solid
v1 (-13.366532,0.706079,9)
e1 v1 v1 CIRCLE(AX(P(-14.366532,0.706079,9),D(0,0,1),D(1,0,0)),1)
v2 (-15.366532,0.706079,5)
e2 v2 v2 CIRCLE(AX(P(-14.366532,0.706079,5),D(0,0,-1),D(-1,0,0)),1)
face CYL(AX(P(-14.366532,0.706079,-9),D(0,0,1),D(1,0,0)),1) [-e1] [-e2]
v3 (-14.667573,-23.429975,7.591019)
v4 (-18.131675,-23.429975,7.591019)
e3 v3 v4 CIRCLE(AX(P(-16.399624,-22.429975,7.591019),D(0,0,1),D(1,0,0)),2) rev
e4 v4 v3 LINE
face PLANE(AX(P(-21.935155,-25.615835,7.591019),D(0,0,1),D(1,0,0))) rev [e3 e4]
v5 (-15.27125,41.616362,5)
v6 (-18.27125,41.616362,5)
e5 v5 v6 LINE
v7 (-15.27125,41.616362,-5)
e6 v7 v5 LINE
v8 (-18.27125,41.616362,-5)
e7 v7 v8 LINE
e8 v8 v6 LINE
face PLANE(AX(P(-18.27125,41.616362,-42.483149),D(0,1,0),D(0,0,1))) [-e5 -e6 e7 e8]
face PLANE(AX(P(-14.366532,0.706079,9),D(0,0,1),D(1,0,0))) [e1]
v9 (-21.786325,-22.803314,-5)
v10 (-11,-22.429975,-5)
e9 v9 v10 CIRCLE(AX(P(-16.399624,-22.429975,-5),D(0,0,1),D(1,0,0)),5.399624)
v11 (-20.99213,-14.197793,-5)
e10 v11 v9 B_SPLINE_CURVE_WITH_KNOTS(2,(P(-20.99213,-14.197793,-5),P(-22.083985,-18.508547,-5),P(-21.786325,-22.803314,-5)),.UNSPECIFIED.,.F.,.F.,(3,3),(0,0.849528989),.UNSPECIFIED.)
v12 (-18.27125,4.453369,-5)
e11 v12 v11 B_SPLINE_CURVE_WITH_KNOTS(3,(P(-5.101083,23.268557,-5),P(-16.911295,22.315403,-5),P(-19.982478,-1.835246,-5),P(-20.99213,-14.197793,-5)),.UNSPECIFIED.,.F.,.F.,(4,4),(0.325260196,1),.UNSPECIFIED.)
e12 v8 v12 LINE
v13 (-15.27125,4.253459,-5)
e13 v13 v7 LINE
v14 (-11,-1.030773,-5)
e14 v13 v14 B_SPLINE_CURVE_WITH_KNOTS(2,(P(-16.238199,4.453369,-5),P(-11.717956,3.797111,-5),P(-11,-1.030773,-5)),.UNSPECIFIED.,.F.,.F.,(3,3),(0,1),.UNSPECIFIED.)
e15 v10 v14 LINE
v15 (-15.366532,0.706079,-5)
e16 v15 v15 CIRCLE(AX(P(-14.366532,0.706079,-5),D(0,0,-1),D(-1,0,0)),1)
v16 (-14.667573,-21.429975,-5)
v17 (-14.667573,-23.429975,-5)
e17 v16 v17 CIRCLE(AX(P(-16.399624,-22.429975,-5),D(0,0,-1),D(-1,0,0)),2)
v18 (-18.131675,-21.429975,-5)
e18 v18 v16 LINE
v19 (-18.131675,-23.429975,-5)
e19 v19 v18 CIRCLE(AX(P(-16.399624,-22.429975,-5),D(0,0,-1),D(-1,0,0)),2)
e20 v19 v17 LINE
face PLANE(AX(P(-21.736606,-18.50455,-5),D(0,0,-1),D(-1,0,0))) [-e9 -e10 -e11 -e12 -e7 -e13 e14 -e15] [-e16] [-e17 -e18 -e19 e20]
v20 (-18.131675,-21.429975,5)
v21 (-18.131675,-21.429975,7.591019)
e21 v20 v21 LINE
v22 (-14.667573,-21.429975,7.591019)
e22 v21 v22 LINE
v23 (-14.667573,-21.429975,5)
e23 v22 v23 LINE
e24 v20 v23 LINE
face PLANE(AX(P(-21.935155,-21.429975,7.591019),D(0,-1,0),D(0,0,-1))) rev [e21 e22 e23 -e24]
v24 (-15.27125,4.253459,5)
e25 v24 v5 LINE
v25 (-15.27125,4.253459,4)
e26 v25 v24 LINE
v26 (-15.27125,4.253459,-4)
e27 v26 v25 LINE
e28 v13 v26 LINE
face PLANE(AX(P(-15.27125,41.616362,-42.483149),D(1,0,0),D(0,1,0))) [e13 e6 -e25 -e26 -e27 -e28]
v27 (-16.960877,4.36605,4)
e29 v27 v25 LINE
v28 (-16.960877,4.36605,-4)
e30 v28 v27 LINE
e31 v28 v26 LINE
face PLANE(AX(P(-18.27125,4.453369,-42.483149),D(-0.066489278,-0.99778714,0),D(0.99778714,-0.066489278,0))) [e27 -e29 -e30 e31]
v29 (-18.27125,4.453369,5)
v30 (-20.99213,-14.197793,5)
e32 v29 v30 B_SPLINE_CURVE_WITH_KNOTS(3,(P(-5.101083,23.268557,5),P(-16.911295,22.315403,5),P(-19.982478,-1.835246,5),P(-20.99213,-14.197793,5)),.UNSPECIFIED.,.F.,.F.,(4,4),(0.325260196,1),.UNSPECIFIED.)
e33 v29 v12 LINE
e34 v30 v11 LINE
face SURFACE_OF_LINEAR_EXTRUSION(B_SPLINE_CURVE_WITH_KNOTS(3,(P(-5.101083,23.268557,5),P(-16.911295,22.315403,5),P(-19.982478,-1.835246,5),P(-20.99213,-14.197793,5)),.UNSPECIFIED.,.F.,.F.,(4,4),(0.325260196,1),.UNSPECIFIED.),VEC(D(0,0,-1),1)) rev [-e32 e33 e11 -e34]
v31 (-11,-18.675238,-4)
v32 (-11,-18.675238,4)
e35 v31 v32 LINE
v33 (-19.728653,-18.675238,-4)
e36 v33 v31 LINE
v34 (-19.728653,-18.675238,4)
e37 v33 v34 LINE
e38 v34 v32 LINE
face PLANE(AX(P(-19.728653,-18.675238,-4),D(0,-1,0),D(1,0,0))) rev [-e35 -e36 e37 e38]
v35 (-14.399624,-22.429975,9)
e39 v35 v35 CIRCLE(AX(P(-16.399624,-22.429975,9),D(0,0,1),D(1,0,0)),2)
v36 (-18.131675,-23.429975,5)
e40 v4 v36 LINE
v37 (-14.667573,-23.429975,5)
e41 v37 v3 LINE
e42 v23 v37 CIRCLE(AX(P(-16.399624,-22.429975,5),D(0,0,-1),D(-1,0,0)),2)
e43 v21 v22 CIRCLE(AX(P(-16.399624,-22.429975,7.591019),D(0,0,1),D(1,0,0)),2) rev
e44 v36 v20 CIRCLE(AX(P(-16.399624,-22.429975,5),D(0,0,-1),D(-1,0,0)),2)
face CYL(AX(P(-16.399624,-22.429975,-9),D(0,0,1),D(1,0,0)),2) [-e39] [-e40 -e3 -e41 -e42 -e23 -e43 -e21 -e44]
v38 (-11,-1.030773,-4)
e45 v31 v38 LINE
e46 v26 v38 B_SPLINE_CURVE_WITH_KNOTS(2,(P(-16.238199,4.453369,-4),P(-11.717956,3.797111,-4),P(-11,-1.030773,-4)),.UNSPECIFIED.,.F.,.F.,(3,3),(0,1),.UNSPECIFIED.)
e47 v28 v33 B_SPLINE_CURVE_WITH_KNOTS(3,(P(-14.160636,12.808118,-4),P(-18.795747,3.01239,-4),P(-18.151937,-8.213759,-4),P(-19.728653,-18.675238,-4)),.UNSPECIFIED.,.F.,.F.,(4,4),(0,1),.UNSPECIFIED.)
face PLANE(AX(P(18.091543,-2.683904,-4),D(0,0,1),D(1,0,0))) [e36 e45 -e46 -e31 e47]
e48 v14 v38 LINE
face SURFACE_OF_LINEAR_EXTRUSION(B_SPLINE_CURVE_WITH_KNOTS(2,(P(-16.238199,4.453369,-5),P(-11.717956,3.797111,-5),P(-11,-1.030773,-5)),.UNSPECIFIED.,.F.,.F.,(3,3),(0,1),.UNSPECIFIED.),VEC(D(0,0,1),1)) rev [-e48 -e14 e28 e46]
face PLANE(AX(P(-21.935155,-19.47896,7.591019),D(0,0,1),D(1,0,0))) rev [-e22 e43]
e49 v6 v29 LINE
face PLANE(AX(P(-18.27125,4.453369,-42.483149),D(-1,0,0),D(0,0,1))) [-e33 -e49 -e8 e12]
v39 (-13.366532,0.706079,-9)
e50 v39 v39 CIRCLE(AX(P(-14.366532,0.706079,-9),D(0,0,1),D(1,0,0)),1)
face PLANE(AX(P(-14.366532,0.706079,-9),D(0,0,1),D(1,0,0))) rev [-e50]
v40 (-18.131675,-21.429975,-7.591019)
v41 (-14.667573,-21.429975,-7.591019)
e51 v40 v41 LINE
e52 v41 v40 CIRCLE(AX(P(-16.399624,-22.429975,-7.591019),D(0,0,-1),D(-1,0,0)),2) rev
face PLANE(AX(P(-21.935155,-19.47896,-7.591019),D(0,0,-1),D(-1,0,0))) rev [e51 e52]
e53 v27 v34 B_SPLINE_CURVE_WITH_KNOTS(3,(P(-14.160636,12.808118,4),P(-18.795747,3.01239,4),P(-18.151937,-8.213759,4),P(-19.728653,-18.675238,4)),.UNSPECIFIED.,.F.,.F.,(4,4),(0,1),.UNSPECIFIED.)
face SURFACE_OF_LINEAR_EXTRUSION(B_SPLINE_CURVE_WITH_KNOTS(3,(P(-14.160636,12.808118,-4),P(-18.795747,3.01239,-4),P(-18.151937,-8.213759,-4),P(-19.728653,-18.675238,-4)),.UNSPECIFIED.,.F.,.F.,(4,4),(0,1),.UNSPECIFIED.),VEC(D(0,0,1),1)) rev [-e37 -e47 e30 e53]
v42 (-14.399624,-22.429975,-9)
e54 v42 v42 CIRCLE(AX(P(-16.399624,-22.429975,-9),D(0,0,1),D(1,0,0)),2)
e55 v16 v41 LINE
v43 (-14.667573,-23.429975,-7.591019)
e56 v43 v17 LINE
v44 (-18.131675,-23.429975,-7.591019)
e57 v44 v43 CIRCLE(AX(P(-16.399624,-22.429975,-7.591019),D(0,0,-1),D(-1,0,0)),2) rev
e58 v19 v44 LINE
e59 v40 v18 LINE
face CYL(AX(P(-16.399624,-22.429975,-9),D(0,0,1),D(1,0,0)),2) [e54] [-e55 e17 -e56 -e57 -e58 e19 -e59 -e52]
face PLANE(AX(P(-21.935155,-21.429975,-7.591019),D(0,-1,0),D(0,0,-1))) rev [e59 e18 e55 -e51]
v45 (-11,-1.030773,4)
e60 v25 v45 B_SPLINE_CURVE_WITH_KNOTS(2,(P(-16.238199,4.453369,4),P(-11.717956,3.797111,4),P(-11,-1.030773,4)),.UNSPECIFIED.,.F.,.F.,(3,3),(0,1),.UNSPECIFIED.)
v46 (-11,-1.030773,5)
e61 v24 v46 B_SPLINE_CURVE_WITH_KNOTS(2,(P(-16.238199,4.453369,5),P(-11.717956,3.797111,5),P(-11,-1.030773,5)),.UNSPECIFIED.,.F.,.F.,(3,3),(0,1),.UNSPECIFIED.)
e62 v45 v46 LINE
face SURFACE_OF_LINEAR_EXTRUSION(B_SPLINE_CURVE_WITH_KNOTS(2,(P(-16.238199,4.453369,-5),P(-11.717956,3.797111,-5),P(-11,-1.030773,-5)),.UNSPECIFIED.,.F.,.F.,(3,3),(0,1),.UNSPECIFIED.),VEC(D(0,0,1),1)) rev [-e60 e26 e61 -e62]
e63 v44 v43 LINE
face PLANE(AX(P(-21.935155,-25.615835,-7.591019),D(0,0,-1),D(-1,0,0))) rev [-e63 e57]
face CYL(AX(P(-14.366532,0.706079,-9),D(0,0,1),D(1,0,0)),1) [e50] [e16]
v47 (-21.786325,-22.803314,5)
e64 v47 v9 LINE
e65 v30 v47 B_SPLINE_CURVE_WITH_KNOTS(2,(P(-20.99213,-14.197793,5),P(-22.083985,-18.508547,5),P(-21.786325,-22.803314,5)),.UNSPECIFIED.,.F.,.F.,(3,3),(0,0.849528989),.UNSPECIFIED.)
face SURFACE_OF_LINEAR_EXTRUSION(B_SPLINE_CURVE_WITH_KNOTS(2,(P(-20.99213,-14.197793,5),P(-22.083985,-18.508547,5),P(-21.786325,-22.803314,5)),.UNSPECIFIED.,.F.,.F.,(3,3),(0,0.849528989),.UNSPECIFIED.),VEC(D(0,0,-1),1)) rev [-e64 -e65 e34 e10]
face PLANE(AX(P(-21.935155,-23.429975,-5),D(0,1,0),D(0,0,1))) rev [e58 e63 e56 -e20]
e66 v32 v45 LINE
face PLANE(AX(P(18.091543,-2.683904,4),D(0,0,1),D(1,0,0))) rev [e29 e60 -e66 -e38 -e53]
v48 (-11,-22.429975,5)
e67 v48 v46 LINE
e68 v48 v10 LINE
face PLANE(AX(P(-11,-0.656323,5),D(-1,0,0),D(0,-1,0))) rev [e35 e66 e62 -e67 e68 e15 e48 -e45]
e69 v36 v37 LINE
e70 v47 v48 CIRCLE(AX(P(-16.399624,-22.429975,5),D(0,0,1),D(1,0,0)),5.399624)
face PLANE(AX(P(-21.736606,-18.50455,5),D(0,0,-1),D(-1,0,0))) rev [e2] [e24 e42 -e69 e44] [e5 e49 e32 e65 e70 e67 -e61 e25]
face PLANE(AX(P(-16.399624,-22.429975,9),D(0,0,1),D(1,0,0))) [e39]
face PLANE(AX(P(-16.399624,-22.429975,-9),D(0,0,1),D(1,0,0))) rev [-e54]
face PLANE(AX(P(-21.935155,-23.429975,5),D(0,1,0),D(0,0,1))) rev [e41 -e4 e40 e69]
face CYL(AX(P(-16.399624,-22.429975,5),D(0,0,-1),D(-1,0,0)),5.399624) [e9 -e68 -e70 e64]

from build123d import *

# Parameters (mm, degrees)
EXTRUDE_1_DEPTH          = 5
SKETCH_3_R               = 2
SKETCH_3_R_2             = 1
EXTRUDE_2_DEPTH          = 4
EXTRUDE_2_DEPTH_BACK     = 14
CUT_EXTRUDE_1_DEPTH      = 4
SKETCH_4_W               = 2.59101906
SKETCH_4_H               = 1.951015164
SKETCH_4_H_2             = 2.185859581
CUT_EXTRUDE_2_DEPTH      = 1
CUT_EXTRUDE_2_DEPTH_BACK = 22.850089698
SKETCH_5_W               = 31.280846128
SKETCH_5_H               = 26.509191634
CUT_EXTRUDE_3_DEPTH      = 10
CUT_EXTRUDE_4_DEPTH      = 10
EXTRUDE_4_DEPTH          = 10


with BuildPart() as part:
    # 草图1 → 凸台-拉伸1 (new body, symmetric)
    with BuildSketch(Plane.XY):
        with BuildLine():
            Line((-11, -0.656322646), (-11, -22.429975294))
            ThreePointArc((-11, -22.429975294), (-16.212842401, -27.826367541), (-21.786325372, -22.803314409))
            add(Edge.make_bspline(
                [(-20.992129713, -14.197793305), (-22.083985192, -18.508547069), (-21.786325372, -22.803314409)],
                knots=[0, 0, 0, 0.849528989, 0.849528989, 0.849528989], degree=2))
            add(Edge.make_bspline(
                [(-20.992129713, -14.197793305), (-19.982477614, -1.835246339), (-16.911295032, 22.315403308), (-5.101083491, 23.268557164)],
                knots=[0.325260196, 0.325260196, 0.325260196, 0.325260196, 1, 1, 1, 1], degree=3))
            Line((-5.101083491, 23.268557164), (-5.101083491, 16.3035208))
            ThreePointArc((-5.101083491, 16.3035208), (-5.344239377, 14.111719499), (-6.061882079, 12.026508076))
            Line((-6.061882079, 12.026508076), (-10.039201412, 3.620690077))
            ThreePointArc((-10.039201412, 3.620690077), (-10.756844114, 1.535478654), (-11, -0.656322646))
        make_face()
    extrude(amount=EXTRUDE_1_DEPTH, both=True)

    # 草图3 → 凸台-拉伸2 (add, two sides)
    with BuildSketch(Plane.XY.offset(5)) as extrude_2_sk:
        with Locations((-16.399623741, -22.429975294)):
            Circle(SKETCH_3_R)
        with Locations((-14.366531857, 0.706079338)):
            Circle(SKETCH_3_R_2)
    extrude(amount=EXTRUDE_2_DEPTH)
    extrude(extrude_2_sk.sketch, amount=-EXTRUDE_2_DEPTH_BACK)

    # 草图2 → 切除-拉伸1 (cut, symmetric)
    with BuildSketch(Plane.XY):
        with BuildLine():
            Line((-14.16063588, 12.808117781), (14.16063588, 12.808117781))
            add(Edge.make_bspline(
                [(14.16063588, 12.808117781), (18.7957473, 3.012389753), (18.151937314, -8.213759494), (19.7286529, -18.675237718)],
                knots=[0, 0, 0, 0, 1, 1, 1, 1], degree=3))
            Line((19.7286529, -18.675237718), (-19.7286529, -18.675237718))
            add(Edge.make_bspline(
                [(-14.16063588, 12.808117781), (-18.7957473, 3.012389753), (-18.151937314, -8.213759494), (-19.7286529, -18.675237718)],
                knots=[0, 0, 0, 0, 1, 1, 1, 1], degree=3))
        make_face()
    extrude(amount=CUT_EXTRUDE_1_DEPTH, both=True, mode=Mode.SUBTRACT)

    # 草图4 → 切除-拉伸2 (cut, two sides)
    with BuildSketch(Plane(origin=(0, 0, 0), x_dir=(0, 0, -1), z_dir=(1, 0, 0))) as cut_extrude_2_sk:
        with Locations((-6.29550953, -20.454467712)):
            Rectangle(SKETCH_4_W, SKETCH_4_H)
        with Locations((-6.29550953, -24.522905085)):
            Rectangle(SKETCH_4_W, SKETCH_4_H_2)
        with Locations((6.29550953, -24.522905085)):
            Rectangle(SKETCH_4_W, SKETCH_4_H_2)
        with Locations((6.29550953, -20.454467712)):
            Rectangle(SKETCH_4_W, SKETCH_4_H)
    extrude(amount=CUT_EXTRUDE_2_DEPTH, mode=Mode.SUBTRACT)
    extrude(cut_extrude_2_sk.sketch, amount=-CUT_EXTRUDE_2_DEPTH_BACK, mode=Mode.SUBTRACT)

    # 草图5 → 切除-拉伸3 (cut)
    with BuildSketch(Plane.XY.offset(5)):
        with Locations((-12.035980348, 17.707965105)):
            Rectangle(SKETCH_5_W, SKETCH_5_H)
    extrude(amount=-CUT_EXTRUDE_3_DEPTH, mode=Mode.SUBTRACT)

    # 草图6 → 切除-拉伸4 (cut)
    with BuildSketch(Plane.XY.offset(5)):
        with BuildLine():
            Line((-11, -1.030772695), (-7.289425252, 0))
            Line((-7.289425252, 0), (-6.627618858, 7.054774986))
            Line((-6.627618858, 7.054774986), (-15.000908449, 5.846258962))
            Line((-15.000908449, 5.846258962), (-16.238198664, 4.453369288))
            add(Edge.make_bspline(
                [(-16.238198664, 4.453369288), (-11.717955923, 3.797110984), (-11, -1.030772695)],
                knots=[0, 0, 0, 1, 1, 1], degree=2))
        make_face()
    extrude(amount=-CUT_EXTRUDE_4_DEPTH, mode=Mode.SUBTRACT)

    # 草图7 → 凸台-拉伸4 (add)
    with BuildSketch(Plane.XY.offset(5)):
        Polygon((-18.271249604, 4.453369288), (-18.271249604, 41.616361527), (-15.271249597, 41.616361527), (-15.271249604, 4.25345908), align=None)
    extrude(amount=-EXTRUDE_4_DEPTH)


solid = part.part
